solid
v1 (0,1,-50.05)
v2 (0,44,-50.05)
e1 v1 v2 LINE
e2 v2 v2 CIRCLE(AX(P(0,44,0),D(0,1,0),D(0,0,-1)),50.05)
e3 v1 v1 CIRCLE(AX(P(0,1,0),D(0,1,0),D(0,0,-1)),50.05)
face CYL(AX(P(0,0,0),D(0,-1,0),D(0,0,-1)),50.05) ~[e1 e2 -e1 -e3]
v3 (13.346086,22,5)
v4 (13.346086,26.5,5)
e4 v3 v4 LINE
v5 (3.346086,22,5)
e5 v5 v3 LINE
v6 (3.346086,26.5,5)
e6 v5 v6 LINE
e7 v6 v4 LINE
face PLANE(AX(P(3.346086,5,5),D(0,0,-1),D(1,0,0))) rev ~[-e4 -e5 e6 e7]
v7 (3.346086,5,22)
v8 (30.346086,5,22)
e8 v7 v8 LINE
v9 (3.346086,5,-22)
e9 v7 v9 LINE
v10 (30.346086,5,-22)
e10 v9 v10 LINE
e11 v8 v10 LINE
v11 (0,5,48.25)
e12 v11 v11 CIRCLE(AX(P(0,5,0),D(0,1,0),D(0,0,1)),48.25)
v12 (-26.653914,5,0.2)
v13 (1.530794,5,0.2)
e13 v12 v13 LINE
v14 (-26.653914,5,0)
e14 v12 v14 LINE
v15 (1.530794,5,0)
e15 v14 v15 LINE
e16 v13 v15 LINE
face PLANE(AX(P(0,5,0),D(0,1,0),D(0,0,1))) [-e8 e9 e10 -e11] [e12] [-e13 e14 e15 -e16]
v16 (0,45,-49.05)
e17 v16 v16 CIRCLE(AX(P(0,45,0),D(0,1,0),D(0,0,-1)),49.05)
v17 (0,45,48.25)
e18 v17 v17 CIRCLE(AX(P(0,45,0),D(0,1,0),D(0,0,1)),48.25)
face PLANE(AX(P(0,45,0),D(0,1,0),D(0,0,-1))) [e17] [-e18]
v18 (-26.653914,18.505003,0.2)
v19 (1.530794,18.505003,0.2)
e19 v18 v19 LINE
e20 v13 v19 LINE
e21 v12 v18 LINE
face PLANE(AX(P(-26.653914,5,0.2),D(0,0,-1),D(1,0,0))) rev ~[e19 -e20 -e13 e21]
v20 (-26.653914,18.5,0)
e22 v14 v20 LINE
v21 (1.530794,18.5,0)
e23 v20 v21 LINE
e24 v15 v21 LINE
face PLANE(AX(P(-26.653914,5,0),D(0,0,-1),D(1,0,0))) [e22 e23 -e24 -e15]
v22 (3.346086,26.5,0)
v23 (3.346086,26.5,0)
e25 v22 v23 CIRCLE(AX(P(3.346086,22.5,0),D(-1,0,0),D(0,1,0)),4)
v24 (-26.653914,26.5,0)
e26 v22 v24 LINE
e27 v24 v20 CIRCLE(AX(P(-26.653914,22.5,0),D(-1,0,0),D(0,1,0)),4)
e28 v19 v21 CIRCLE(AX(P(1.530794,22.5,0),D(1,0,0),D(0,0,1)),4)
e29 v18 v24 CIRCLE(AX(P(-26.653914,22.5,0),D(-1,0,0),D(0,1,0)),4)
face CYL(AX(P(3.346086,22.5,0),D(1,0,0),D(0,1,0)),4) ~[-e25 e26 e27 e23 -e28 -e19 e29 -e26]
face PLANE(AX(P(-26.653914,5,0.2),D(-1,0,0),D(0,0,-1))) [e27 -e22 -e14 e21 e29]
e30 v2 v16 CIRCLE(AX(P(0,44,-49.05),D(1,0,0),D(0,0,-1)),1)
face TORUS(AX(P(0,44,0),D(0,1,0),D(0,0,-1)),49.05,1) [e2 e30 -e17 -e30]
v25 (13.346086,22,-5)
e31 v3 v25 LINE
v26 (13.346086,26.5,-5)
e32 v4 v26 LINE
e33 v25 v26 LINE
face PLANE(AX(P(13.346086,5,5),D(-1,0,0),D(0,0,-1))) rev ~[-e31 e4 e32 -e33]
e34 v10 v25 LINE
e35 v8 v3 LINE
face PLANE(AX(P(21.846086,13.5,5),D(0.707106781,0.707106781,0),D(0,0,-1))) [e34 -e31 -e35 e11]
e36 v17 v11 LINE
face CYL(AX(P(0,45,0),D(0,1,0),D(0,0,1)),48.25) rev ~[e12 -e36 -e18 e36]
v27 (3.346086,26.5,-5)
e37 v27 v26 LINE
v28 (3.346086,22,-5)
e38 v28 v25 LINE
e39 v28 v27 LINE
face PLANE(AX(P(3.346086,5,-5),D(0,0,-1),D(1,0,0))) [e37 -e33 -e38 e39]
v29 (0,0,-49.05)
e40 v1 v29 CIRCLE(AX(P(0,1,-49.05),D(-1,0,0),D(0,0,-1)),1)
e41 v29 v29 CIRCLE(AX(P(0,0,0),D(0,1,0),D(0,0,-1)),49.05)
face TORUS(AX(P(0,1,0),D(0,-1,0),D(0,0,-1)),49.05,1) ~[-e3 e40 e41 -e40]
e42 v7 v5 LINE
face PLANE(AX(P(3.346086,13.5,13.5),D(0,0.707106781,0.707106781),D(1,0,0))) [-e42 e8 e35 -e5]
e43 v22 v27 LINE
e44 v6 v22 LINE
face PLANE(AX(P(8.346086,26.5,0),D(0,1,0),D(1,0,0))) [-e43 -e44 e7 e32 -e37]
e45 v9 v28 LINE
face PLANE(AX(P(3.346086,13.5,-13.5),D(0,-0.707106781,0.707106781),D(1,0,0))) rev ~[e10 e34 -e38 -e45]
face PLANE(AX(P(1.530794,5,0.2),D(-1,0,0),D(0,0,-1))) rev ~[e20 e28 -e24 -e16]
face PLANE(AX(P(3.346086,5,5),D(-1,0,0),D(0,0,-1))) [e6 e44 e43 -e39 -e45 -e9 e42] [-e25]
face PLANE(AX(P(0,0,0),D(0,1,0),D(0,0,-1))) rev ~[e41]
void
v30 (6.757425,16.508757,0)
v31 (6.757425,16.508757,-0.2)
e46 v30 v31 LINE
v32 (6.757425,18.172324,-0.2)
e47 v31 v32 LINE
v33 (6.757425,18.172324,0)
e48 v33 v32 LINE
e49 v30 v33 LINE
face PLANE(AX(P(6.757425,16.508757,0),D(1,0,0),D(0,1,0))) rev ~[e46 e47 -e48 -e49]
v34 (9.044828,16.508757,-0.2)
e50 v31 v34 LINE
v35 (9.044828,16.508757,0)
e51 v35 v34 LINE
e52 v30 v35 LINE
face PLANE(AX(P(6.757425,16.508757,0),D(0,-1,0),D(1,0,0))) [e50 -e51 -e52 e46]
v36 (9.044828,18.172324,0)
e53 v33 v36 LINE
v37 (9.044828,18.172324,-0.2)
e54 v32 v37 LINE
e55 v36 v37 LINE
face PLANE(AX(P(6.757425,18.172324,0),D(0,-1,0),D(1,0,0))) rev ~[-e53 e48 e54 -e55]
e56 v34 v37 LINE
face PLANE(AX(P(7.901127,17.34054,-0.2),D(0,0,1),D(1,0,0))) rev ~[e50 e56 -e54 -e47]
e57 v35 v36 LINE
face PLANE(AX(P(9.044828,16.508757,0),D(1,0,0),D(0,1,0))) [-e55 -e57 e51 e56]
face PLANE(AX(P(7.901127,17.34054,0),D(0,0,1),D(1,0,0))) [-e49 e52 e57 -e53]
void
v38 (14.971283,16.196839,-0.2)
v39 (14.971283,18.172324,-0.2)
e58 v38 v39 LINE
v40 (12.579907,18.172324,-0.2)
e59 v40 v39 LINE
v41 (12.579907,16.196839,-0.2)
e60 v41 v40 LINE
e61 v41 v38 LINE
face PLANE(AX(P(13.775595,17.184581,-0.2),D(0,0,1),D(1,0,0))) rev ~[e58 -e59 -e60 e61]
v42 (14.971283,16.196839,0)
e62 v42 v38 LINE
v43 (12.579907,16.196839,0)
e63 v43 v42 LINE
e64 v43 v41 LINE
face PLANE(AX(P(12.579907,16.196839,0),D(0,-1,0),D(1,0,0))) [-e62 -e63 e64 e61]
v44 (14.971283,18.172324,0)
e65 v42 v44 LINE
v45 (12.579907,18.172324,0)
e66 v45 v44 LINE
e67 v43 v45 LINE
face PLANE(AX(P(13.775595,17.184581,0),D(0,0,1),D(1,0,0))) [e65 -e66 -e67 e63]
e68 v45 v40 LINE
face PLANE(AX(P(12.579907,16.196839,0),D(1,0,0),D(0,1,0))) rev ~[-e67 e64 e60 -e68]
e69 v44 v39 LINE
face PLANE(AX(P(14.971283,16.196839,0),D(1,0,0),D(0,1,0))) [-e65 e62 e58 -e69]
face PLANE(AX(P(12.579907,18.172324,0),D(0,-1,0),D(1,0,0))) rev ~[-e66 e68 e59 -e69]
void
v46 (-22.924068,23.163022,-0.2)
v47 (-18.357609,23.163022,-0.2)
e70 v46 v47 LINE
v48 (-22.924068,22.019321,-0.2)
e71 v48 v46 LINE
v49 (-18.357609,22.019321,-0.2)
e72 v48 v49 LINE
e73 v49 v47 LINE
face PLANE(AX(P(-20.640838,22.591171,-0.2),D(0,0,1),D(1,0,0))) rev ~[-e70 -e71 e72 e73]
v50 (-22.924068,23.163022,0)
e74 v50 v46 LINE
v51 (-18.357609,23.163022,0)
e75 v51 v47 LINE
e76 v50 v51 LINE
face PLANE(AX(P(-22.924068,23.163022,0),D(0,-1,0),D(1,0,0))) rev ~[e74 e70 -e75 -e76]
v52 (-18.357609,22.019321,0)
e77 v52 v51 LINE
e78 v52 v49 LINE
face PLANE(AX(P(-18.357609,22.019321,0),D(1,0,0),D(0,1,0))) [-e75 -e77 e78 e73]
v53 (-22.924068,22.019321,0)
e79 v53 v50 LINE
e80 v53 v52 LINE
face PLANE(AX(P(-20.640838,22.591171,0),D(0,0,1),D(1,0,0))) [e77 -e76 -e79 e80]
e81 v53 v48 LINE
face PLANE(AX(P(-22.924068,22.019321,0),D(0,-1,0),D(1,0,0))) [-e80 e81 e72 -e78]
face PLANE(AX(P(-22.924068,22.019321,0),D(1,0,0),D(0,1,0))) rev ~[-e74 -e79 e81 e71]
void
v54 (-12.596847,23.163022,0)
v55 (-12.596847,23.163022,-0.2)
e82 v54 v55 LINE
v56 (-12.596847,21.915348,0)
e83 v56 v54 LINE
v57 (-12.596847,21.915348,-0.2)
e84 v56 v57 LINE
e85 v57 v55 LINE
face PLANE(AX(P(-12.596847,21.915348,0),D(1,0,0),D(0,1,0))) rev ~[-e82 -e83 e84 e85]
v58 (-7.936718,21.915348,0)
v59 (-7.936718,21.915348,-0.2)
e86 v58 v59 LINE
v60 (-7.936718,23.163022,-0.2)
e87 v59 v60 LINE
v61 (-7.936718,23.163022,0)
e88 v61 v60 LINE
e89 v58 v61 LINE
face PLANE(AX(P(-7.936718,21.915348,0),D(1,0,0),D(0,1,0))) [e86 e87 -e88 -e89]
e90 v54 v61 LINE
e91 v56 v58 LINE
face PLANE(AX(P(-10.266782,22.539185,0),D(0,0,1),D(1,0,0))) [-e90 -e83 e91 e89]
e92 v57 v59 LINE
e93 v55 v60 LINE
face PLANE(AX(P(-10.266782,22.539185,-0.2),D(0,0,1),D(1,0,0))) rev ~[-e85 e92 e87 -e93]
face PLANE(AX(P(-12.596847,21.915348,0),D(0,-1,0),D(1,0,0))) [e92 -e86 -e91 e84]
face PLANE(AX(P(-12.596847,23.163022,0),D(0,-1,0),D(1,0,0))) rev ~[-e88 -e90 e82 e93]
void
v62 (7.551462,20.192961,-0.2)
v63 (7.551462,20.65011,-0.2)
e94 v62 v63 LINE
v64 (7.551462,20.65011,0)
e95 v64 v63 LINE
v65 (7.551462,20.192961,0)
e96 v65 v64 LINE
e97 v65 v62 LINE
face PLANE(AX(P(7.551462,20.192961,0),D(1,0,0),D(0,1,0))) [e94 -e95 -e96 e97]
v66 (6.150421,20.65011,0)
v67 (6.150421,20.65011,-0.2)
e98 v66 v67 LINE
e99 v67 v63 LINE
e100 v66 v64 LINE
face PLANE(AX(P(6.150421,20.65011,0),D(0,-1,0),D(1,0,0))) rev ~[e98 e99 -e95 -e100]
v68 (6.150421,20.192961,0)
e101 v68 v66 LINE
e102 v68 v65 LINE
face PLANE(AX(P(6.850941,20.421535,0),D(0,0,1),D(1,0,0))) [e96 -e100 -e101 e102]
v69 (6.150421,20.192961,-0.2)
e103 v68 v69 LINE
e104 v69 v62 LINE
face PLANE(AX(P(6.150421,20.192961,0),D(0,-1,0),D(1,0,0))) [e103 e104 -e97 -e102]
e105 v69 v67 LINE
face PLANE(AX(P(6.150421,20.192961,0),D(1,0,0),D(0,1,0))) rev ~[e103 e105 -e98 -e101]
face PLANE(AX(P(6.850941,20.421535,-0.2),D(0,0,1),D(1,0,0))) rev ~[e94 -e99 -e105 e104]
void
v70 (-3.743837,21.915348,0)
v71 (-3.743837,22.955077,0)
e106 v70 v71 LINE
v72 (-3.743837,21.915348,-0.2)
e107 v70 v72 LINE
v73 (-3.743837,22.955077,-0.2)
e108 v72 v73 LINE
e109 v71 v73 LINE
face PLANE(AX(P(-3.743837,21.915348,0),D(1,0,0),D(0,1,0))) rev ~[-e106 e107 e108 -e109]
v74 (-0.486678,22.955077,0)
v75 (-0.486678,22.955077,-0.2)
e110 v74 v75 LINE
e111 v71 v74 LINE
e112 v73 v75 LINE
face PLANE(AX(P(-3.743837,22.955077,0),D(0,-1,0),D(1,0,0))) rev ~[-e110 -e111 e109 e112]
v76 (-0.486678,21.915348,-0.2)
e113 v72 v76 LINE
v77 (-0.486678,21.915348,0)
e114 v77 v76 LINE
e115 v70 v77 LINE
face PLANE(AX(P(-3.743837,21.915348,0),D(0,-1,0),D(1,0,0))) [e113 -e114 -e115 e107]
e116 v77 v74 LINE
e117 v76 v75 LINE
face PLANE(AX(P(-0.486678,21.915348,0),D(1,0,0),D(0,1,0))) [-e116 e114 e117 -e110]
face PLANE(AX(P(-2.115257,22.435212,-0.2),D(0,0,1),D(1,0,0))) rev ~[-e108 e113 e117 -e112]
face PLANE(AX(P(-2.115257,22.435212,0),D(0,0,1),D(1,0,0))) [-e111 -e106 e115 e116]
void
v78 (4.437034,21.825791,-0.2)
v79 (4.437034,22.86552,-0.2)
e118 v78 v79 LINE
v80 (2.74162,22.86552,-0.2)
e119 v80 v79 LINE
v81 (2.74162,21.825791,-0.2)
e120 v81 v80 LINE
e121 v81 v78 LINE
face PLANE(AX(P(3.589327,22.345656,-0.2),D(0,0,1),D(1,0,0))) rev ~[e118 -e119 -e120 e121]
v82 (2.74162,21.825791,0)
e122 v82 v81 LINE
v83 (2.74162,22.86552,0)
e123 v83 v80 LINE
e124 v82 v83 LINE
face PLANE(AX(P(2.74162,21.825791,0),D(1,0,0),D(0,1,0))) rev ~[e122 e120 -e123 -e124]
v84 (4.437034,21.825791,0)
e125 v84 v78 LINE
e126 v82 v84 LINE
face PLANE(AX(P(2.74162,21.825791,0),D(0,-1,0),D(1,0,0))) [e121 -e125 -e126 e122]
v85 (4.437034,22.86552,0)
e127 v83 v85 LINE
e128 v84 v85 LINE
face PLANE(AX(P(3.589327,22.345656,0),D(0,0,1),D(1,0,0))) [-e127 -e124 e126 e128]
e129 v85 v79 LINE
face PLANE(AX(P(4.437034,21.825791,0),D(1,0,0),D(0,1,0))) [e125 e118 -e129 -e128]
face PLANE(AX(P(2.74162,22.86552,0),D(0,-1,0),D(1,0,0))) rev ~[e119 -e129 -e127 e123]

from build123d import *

# Parameters (mm, degrees)
SKETCH1_R                = 50.05
BOSS_EXTRUDE1_DEPTH      = 45
SKETCH3_R                = 48.25
CUT_EXTRUDE2_DEPTH       = 40
SKETCH4_W                = 10
SKETCH4_H                = 10
BOSS_EXTRUDE2_DEPTH      = 21.5
SKETCH5_R                = 4
BOSS_EXTRUDE3_DEPTH      = 30
BOSS_EXTRUDE4_REACH      = 83.302
BOSS_EXTRUDE4_END_RADIUS = 4
SKETCH6_W                = 28.184708005
SKETCH6_H                = 0.2
FILLET1_R                = 1
CHAMFER1_SIZE            = 17
SKETCH7_W                = 4.566458064
SKETCH7_H                = 1.143701811
SKETCH7_W_2              = 4.660128999
SKETCH7_H_2              = 1.247674702
SKETCH7_W_3              = 3.257159631
SKETCH7_H_3              = 1.039728918
SKETCH7_W_4              = 2.28740362
SKETCH7_H_4              = 1.66356627
SKETCH7_W_5              = 2.391376512
SKETCH7_H_5              = 1.975484945
SKETCH7_W_6              = 1.695413964
SKETCH7_H_6              = 1.039728919
SKETCH7_W_7              = 1.401040737
SKETCH7_H_7              = 0.457148196
CUT_EXTRUDE3_DEPTH       = 0.2


with BuildPart() as part:
    # Sketch1 → Boss-Extrude1 (new body)
    with BuildSketch(Plane(origin=(0, 0, 0), x_dir=(1, 0, 0), z_dir=(0, 1, 0))):
        with Locations(Location((0, 0, 0), (0, 0, 90))):
            Circle(SKETCH1_R)
    extrude(amount=BOSS_EXTRUDE1_DEPTH)

    # Sketch3 → Cut-Extrude2 (cut)
    with BuildSketch(Plane(origin=(0, 45, 0), x_dir=(1, 0, 0), z_dir=(0, 1, 0))):
        with Locations(Location((0, 0, 0), (0, 0, 270))):
            Circle(SKETCH3_R)
    extrude(amount=-CUT_EXTRUDE2_DEPTH, mode=Mode.SUBTRACT)

    # Sketch4 → Boss-Extrude2 (add)
    with BuildSketch(Plane(origin=(0, 5, 0), x_dir=(1, 0, 0), z_dir=(0, 1, 0))):
        with Locations((8.34608558, 0)):
            Rectangle(SKETCH4_W, SKETCH4_H)
    extrude(amount=BOSS_EXTRUDE2_DEPTH)

    # Sketch5 → Boss-Extrude3 (add)
    with BuildSketch(Plane.ZY.offset(-3.34608558)):
        with Locations(Location((0, 22.5, 0), (0, 0, 90))):
            Circle(SKETCH5_R)
    extrude(amount=BOSS_EXTRUDE3_DEPTH)

    # Boss-Extrude4: up to this cylinder (the profile starts outside it)
    boss_extrude4_end = Plane(origin=(-12.56156, 22.5, 0), z_dir=(1, 0, 0)) * Cylinder(BOSS_EXTRUDE4_END_RADIUS, 175.604, mode=Mode.PRIVATE)
    # Sketch6 → Boss-Extrude4 (add, up to the surface)
    with BuildSketch(Plane(origin=(0, 5, 0), x_dir=(1, 0, 0), z_dir=(0, 1, 0)), mode=Mode.PRIVATE) as boss_extrude4_sk1:
        with Locations((-12.561560418, -0.1)):
            Rectangle(SKETCH6_W, SKETCH6_H)
    boss_extrude4_tool1 = extrude(boss_extrude4_sk1.sketch, amount=BOSS_EXTRUDE4_REACH, mode=Mode.PRIVATE) - boss_extrude4_end
    add(boss_extrude4_tool1.solids().sort_by_distance((-12.56156, 5, 0.1))[0])

    # Fillet1
    fillet1_edges = [part.edges().sort_by_distance(p)[0] for p in [
        (0, 0, 50.05),
        (0, 45, 50.05),
    ]]
    fillet(fillet1_edges, radius=FILLET1_R)

    # Chamfer1
    chamfer1_edges = [part.edges().sort_by_distance(p)[0] for p in [
        (8.34608558, 5, 5),
        (13.34608558, 5, 0),
        (8.34608558, 5, -5),
    ]]
    chamfer(chamfer1_edges, length=CHAMFER1_SIZE)

    # Sketch7 → Cut-Extrude3 (cut)
    with BuildSketch(Plane.XY):
        with Locations((-20.640838481, 22.591171411)):
            Rectangle(SKETCH7_W, SKETCH7_H)
        with Locations((-10.266782469, 22.539184965)):
            Rectangle(SKETCH7_W_2, SKETCH7_H_2)
        with Locations((-2.115257482, 22.435212073)):
            Rectangle(SKETCH7_W_3, SKETCH7_H_3)
        with Locations((7.901126588, 17.340540373)):
            Rectangle(SKETCH7_W_4, SKETCH7_H_4)
        with Locations((13.775594976, 17.184581036)):
            Rectangle(SKETCH7_W_5, SKETCH7_H_5)
        with Locations((3.589327362, 22.345655797)):
            Rectangle(SKETCH7_W_6, SKETCH7_H_6)
        with Locations((6.850941154, 20.421535498)):
            Rectangle(SKETCH7_W_7, SKETCH7_H_7)
    extrude(amount=-CUT_EXTRUDE3_DEPTH, mode=Mode.SUBTRACT)


solid = part.part
